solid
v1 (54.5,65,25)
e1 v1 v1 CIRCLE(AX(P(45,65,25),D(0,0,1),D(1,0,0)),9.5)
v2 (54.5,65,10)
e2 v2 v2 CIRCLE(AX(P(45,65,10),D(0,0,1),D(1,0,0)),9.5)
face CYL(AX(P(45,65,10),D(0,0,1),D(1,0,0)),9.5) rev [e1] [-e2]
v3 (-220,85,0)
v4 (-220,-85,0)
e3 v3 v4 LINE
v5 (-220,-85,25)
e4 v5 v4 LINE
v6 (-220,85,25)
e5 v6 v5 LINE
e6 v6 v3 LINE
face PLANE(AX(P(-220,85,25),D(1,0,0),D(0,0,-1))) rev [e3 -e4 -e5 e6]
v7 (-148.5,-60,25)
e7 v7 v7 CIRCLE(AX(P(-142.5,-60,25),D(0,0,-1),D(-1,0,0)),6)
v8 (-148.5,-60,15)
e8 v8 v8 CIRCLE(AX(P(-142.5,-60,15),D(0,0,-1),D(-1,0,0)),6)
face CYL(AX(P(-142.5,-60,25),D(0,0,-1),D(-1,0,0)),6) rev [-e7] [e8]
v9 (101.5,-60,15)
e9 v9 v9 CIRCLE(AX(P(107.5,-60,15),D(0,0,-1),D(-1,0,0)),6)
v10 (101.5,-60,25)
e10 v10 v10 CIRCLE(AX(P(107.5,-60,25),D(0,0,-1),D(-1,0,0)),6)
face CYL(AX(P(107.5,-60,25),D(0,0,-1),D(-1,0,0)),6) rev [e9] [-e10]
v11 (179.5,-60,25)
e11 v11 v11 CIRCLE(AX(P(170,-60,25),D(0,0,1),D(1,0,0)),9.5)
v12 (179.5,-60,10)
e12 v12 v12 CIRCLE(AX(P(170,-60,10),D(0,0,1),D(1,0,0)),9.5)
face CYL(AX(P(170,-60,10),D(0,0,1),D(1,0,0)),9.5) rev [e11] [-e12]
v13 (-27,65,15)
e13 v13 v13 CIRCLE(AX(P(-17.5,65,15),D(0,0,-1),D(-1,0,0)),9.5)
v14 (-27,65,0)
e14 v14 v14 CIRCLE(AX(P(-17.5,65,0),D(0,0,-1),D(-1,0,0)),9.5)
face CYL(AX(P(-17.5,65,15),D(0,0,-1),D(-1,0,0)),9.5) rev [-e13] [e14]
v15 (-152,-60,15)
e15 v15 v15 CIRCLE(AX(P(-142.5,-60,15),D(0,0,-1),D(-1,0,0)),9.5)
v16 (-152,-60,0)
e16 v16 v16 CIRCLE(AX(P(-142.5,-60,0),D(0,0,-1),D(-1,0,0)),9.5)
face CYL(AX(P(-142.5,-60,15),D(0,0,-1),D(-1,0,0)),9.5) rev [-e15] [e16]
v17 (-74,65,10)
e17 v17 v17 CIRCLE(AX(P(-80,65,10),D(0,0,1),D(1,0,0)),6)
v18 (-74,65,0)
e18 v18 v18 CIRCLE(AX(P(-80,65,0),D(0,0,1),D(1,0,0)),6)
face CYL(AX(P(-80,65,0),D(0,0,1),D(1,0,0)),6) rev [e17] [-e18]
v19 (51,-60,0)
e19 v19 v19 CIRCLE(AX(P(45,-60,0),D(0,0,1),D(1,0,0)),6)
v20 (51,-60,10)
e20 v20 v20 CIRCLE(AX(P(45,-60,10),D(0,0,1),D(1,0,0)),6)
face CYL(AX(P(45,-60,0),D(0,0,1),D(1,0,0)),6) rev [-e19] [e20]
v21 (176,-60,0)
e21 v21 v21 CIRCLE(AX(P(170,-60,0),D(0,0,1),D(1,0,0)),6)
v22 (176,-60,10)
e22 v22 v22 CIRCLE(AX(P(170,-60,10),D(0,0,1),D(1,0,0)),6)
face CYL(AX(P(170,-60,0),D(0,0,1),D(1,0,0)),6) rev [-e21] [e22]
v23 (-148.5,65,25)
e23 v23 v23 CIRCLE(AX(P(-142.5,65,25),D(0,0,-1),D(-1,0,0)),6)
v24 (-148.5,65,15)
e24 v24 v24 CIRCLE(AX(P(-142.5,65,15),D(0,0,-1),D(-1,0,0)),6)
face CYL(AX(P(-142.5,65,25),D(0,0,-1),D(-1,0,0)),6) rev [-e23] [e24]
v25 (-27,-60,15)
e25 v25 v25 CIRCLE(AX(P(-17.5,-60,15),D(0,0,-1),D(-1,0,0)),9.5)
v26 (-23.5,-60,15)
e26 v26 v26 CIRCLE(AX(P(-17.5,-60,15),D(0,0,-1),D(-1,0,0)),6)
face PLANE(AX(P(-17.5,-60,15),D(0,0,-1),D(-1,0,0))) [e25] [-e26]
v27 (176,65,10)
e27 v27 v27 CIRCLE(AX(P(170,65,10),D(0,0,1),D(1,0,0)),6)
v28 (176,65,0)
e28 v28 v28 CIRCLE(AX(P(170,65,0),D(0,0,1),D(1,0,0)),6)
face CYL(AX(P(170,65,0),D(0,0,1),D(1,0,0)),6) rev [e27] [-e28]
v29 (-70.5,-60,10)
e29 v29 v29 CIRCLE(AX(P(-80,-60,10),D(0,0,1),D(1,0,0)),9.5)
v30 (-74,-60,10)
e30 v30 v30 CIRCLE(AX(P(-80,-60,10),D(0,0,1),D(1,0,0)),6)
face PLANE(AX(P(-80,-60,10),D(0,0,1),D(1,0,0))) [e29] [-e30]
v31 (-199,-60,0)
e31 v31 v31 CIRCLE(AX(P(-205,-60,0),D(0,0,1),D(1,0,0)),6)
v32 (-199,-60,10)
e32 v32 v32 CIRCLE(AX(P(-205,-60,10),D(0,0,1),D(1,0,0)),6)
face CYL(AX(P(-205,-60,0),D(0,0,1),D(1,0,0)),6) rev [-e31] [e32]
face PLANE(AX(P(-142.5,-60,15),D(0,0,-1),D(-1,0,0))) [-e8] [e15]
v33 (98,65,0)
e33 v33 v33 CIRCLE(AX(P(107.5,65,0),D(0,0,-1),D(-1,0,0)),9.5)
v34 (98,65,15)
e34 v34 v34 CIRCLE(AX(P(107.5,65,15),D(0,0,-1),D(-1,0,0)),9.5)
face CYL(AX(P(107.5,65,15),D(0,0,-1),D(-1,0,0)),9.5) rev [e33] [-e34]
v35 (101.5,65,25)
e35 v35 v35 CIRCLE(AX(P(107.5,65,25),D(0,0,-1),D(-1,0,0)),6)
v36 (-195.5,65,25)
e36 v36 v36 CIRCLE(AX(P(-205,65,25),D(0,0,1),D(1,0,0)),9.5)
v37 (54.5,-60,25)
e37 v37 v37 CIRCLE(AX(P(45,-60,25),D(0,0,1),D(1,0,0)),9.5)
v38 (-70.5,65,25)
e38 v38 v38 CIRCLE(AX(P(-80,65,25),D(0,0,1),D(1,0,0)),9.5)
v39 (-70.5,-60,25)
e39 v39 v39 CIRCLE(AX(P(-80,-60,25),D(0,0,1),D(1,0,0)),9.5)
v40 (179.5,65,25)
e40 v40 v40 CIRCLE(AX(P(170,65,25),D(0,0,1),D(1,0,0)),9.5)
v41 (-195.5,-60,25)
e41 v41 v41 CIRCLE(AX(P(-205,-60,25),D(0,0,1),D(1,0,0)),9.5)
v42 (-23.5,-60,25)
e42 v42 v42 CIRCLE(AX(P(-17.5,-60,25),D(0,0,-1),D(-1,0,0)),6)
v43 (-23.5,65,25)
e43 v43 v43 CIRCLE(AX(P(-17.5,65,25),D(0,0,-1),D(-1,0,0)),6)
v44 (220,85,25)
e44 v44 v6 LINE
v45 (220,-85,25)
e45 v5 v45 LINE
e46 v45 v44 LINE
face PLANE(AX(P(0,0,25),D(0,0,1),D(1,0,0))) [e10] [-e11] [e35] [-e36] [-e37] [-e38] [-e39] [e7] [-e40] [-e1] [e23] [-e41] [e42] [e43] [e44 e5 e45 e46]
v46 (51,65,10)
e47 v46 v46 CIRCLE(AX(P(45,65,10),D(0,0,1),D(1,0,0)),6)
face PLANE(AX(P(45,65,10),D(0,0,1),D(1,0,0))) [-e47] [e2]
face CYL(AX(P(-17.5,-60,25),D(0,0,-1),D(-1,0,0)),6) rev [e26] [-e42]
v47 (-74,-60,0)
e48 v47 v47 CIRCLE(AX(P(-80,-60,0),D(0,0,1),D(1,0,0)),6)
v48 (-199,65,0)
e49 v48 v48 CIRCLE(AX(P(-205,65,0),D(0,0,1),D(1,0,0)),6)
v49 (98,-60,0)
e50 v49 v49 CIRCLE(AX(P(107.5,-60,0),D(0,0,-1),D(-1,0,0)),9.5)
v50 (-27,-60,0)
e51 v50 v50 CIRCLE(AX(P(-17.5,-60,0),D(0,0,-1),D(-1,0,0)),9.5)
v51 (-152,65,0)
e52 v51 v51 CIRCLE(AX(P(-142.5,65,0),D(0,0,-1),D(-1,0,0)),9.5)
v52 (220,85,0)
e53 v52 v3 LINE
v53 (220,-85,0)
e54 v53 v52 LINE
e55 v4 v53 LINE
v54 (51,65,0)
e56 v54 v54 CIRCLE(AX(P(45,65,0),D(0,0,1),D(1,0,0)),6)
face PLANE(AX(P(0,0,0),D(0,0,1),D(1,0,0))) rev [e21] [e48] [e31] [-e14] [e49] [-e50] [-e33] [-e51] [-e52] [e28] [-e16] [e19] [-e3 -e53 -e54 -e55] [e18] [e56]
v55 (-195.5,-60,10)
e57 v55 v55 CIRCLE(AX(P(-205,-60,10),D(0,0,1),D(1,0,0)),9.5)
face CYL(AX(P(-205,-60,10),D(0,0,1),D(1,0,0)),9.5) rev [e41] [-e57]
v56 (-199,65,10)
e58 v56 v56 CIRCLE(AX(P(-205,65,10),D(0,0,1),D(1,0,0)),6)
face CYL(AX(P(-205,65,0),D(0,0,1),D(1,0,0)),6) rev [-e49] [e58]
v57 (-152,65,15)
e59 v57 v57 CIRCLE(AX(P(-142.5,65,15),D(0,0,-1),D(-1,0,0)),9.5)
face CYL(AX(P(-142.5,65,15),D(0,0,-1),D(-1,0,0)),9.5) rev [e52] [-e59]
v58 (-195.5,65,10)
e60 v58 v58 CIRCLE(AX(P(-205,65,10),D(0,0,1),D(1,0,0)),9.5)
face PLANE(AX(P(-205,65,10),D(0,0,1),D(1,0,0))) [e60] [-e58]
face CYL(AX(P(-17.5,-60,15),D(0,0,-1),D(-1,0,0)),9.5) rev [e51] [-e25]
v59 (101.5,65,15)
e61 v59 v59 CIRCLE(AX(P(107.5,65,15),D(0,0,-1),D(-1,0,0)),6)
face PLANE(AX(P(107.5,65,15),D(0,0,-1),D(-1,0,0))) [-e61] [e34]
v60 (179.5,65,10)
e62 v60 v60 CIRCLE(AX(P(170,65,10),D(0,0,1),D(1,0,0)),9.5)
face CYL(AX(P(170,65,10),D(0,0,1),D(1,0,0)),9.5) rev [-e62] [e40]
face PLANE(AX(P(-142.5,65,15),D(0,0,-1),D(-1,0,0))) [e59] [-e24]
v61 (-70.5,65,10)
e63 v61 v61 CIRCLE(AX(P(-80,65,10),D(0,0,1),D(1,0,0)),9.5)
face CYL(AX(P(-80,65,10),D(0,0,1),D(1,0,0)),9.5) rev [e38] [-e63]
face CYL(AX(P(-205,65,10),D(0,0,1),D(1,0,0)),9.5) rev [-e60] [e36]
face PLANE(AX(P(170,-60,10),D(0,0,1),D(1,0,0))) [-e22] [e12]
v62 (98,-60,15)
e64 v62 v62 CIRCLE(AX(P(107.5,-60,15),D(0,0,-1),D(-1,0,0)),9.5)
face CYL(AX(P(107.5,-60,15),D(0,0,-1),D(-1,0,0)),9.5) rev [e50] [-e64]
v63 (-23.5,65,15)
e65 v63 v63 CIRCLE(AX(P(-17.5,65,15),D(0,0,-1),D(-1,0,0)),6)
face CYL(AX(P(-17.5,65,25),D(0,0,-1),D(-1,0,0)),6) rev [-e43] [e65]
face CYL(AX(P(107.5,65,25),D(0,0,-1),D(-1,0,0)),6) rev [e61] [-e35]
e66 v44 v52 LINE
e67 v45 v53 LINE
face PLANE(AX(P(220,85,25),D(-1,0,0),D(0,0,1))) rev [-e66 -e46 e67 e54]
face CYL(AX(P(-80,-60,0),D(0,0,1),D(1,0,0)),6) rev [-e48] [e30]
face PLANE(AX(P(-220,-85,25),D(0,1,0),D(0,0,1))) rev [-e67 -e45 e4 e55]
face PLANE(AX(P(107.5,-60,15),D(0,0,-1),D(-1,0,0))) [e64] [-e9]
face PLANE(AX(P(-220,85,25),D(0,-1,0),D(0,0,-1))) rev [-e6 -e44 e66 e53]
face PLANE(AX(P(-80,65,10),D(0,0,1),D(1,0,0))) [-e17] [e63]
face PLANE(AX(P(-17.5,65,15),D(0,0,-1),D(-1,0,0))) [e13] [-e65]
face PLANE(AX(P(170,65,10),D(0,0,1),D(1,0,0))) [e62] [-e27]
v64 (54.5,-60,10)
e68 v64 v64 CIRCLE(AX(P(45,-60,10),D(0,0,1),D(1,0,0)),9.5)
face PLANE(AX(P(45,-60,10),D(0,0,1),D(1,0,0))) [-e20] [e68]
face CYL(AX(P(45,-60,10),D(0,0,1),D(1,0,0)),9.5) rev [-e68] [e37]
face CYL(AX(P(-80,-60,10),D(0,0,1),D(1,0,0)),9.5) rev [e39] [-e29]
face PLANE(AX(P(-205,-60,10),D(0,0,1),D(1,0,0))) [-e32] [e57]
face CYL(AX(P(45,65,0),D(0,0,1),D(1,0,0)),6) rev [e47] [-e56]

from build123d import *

# Parameters (mm, degrees)
SKETCH1_W           = 440
SKETCH1_H           = 170
BOSS_EXTRUDE1_DEPTH = 25
SKETCH2_R           = 9.5
CUT_EXTRUDE1_DEPTH  = 15
SKETCH4_R           = 6
CUT_EXTRUDE3_DEPTH  = 237.326045962
SKETCH3_R           = 9.5
CUT_EXTRUDE2_DEPTH  = 15
SKETCH5_R           = 6
CUT_EXTRUDE4_DEPTH  = 237.326045962


with BuildPart() as part:
    # Sketch1 → Boss-Extrude1 (new body)
    with BuildSketch(Plane.XY):
        Rectangle(SKETCH1_W, SKETCH1_H)
    extrude(amount=BOSS_EXTRUDE1_DEPTH)

    # Sketch2 → Cut-Extrude1 (cut)
    with BuildSketch(Plane.XY.offset(25)):
        with Locations((170, 65)):
            Circle(SKETCH2_R)
        with Locations((45, 65)):
            Circle(SKETCH2_R)
        with Locations((-80, 65)):
            Circle(SKETCH2_R)
        with Locations((-205, 65)):
            Circle(SKETCH2_R)
        with Locations((45, -60)):
            Circle(SKETCH2_R)
        with Locations((-80, -60)):
            Circle(SKETCH2_R)
        with Locations((-205, -60)):
            Circle(SKETCH2_R)
        with Locations((170, -60)):
            Circle(SKETCH2_R)
    extrude(amount=-CUT_EXTRUDE1_DEPTH, mode=Mode.SUBTRACT)

    # Sketch4 → Cut-Extrude3 (cut, through all)
    with BuildSketch(Plane.XY.offset(10)):
        with Locations((170, 65)):
            Circle(SKETCH4_R)
        with Locations((45, 65)):
            Circle(SKETCH4_R)
        with Locations((-80, 65)):
            Circle(SKETCH4_R)
        with Locations((-205, 65)):
            Circle(SKETCH4_R)
        with Locations((45, -60)):
            Circle(SKETCH4_R)
        with Locations((-80, -60)):
            Circle(SKETCH4_R)
        with Locations((-205, -60)):
            Circle(SKETCH4_R)
        with Locations((170, -60)):
            Circle(SKETCH4_R)
    extrude(amount=-CUT_EXTRUDE3_DEPTH, mode=Mode.SUBTRACT)

    # Sketch3 → Cut-Extrude2 (cut)
    with BuildSketch(Plane(origin=(0, 0, 0), x_dir=(-1, 0, 0), z_dir=(0, 0, -1))):
        with Locations((-107.5, -60)):
            Circle(SKETCH3_R)
        with Locations((17.5, -60)):
            Circle(SKETCH3_R)
        with Locations((142.5, -60)):
            Circle(SKETCH3_R)
        with Locations((17.5, 65)):
            Circle(SKETCH3_R)
        with Locations((142.5, 65)):
            Circle(SKETCH3_R)
        with Locations((-107.5, 65)):
            Circle(SKETCH3_R)
    extrude(amount=-CUT_EXTRUDE2_DEPTH, mode=Mode.SUBTRACT)

    # Sketch5 → Cut-Extrude4 (cut, through all)
    with BuildSketch(Plane(origin=(0, 0, 15), x_dir=(-1, 0, 0), z_dir=(0, 0, -1))):
        with Locations((-107.5, -60)):
            Circle(SKETCH5_R)
        with Locations((17.5, -60)):
            Circle(SKETCH5_R)
        with Locations((142.5, -60)):
            Circle(SKETCH5_R)
        with Locations((17.5, 65)):
            Circle(SKETCH5_R)
        with Locations((142.5, 65)):
            Circle(SKETCH5_R)
        with Locations((-107.5, 65)):
            Circle(SKETCH5_R)
    extrude(amount=-CUT_EXTRUDE4_DEPTH, mode=Mode.SUBTRACT)


solid = part.part
